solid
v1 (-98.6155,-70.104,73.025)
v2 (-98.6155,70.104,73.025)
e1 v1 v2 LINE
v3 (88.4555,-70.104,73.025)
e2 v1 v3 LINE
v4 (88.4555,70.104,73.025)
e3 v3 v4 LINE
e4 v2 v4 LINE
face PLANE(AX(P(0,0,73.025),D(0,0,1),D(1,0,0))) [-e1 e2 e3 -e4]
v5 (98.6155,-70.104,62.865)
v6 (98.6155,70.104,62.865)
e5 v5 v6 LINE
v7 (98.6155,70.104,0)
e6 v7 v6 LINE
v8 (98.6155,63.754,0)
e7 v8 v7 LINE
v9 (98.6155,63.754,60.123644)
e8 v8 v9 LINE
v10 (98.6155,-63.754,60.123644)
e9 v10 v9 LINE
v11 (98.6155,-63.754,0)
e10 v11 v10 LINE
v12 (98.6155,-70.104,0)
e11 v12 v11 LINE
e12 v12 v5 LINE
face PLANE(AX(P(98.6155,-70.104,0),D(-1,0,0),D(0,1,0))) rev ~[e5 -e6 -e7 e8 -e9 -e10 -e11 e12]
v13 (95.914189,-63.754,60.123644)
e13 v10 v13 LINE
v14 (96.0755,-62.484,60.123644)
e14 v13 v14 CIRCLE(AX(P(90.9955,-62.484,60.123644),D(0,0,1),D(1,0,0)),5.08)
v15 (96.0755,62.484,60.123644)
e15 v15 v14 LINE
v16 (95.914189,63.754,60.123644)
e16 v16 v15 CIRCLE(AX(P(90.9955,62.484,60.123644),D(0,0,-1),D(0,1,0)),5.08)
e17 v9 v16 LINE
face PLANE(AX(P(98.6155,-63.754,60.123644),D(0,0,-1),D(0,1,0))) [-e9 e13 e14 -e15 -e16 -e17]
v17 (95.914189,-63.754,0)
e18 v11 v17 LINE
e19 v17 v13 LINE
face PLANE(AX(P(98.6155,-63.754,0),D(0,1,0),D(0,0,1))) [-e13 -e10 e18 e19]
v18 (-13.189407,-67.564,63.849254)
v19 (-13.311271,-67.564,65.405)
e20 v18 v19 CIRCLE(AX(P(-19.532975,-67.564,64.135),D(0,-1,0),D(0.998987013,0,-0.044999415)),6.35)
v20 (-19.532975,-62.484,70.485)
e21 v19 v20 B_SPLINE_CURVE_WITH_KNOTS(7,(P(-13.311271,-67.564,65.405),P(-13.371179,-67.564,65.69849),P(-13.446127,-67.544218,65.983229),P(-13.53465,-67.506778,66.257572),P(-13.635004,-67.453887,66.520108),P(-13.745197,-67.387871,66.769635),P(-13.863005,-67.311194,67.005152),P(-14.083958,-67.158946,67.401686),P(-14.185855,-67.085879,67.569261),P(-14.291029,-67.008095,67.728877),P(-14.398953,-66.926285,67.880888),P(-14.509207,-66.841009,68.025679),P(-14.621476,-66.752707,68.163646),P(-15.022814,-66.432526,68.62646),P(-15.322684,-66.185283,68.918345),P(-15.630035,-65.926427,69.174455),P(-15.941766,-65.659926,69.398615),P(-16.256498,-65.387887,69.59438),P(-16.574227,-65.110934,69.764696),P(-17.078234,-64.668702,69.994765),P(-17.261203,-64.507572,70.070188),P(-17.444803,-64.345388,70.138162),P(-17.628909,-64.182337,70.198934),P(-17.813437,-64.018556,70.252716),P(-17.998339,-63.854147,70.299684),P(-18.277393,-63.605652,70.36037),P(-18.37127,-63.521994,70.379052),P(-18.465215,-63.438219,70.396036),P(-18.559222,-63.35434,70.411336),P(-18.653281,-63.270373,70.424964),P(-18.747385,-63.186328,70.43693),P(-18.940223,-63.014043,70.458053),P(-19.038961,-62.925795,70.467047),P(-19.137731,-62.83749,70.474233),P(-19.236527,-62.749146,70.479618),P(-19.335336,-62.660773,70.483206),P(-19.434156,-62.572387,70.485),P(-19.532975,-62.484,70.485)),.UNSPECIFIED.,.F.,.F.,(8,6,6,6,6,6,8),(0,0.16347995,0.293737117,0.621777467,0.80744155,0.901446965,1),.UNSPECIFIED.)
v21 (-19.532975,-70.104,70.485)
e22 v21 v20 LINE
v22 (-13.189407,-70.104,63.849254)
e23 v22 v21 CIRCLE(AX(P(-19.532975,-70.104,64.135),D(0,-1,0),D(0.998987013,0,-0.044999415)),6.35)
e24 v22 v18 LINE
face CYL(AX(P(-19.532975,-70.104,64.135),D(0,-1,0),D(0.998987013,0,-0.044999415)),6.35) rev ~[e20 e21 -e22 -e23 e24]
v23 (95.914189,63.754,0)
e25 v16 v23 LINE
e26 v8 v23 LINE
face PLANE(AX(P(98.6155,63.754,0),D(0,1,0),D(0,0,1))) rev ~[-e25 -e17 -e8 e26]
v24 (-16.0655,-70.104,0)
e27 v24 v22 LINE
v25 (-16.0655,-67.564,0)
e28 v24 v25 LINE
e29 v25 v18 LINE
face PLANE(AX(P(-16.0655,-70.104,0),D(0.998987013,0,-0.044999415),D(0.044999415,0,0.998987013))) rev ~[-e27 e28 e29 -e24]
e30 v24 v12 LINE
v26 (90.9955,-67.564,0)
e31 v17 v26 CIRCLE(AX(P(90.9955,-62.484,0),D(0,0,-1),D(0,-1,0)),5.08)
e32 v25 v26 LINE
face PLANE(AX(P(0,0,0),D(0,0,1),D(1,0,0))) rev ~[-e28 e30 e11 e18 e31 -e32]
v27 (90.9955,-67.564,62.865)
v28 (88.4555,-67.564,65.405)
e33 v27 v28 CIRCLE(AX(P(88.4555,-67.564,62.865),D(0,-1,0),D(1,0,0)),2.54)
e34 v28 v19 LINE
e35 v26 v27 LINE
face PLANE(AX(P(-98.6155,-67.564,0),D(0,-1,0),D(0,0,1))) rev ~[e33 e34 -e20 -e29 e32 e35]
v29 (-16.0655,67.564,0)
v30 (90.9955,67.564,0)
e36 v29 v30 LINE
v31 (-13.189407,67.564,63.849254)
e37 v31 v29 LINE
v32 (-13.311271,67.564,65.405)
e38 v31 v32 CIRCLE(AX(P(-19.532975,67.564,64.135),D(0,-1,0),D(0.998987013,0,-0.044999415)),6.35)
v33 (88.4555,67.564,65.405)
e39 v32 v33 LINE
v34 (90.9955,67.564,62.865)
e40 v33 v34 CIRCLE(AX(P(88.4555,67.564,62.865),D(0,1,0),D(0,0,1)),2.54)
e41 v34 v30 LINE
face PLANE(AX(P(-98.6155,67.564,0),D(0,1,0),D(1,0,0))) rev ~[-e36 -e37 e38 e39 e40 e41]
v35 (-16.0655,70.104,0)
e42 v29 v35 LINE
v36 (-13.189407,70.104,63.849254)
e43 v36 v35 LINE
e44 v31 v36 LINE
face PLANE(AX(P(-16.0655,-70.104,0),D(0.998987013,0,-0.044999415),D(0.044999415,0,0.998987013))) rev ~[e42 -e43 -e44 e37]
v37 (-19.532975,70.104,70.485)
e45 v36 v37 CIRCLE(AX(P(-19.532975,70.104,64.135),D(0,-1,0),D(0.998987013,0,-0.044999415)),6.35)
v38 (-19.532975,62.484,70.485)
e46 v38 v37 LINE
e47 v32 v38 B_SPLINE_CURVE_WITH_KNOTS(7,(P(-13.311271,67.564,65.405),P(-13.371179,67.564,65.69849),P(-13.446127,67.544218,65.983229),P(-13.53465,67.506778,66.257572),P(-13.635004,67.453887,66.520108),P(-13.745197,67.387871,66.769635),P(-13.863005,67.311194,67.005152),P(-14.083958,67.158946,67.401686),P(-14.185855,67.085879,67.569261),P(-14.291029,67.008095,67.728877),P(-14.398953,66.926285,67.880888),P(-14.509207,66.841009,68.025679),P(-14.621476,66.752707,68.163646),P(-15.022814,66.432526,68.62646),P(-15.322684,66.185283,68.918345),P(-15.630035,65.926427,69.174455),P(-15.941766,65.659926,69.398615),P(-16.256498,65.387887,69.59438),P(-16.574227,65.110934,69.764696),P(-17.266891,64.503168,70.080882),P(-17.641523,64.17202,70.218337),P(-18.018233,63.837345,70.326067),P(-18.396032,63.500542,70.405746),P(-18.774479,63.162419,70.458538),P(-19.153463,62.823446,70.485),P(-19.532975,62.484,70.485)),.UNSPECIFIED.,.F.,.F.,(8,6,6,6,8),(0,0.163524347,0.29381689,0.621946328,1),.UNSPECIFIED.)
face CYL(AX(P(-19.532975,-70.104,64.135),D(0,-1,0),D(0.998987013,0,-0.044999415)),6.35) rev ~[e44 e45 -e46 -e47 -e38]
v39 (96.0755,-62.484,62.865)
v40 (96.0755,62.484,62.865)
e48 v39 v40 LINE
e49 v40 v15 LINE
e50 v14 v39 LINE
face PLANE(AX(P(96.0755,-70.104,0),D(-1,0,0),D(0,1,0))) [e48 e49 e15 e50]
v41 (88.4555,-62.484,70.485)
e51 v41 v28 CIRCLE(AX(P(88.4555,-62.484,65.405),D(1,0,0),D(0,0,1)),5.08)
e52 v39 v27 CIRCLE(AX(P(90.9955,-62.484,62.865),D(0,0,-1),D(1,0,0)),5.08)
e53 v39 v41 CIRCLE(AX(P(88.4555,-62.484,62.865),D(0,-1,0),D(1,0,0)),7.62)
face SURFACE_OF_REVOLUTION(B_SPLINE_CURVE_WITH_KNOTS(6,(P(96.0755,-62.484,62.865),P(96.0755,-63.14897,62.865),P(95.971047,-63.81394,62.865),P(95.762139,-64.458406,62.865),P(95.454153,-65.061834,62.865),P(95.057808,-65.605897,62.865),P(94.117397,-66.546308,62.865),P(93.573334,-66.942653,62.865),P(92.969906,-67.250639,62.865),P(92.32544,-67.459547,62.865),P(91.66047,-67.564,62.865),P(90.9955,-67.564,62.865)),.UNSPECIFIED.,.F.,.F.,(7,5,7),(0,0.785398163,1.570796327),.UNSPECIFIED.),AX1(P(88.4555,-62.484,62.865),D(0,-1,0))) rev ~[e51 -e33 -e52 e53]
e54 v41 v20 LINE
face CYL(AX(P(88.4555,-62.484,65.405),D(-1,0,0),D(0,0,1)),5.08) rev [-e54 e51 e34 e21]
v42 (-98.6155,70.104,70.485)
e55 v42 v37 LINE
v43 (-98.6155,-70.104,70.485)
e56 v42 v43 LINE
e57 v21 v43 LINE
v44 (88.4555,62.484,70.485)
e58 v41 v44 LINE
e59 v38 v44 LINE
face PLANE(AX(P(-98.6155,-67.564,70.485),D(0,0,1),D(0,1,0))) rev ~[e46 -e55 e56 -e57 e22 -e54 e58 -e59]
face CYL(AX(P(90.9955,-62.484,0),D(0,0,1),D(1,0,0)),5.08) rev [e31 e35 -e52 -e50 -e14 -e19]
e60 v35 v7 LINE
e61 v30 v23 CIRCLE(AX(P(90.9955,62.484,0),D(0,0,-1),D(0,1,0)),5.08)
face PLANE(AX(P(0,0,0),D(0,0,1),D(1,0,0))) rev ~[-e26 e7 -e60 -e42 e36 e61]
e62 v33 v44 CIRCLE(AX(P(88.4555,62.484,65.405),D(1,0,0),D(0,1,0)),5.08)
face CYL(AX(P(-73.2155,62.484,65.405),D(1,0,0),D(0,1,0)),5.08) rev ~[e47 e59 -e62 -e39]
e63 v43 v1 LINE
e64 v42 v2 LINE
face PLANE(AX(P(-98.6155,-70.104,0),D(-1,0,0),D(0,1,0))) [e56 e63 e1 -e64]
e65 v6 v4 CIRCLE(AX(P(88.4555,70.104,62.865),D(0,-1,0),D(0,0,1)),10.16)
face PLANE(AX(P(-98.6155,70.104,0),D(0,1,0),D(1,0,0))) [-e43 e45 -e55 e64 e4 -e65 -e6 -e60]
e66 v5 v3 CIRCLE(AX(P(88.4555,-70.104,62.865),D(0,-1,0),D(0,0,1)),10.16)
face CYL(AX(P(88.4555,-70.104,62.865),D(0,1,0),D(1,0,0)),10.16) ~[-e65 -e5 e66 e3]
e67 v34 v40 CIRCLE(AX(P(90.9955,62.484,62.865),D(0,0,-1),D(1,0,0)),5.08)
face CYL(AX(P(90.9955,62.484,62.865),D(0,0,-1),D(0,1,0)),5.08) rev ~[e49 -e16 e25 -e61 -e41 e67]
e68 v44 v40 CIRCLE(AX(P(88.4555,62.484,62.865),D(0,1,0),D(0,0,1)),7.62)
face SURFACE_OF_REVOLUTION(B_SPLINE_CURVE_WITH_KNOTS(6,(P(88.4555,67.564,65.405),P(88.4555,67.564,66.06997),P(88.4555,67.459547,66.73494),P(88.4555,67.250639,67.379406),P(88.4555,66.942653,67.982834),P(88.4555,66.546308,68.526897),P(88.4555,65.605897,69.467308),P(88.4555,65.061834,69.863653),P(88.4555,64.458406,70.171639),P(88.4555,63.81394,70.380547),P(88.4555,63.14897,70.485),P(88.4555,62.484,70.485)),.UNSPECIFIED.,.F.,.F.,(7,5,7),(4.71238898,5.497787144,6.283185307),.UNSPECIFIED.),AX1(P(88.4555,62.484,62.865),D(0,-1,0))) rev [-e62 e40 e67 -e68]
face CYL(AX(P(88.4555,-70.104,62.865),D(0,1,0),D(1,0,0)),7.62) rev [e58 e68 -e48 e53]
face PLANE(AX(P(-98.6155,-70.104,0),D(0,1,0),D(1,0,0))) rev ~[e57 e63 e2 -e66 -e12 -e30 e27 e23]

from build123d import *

# Parameters (mm, degrees)
F0_W      = 197.231
F0_H      = 140.208
F1_DEPTH  = 73.025
F2_R      = 10.16
F3_T      = -2.54
F4_W      = 11.0265567622
F4_H      = 70.485
F4_W_2    = 137.668
F5_DEPTH  = 25.4
F6_R      = 5.08
F7_W      = 127.508
F7_H      = 60.1236441541
F8_DEPTH  = 25.4
F10_DEPTH = 254


with BuildPart() as f1:
    # F0 (on Top) → F1 (new body)
    with BuildSketch(Plane.XY):
        Rectangle(F0_W, F0_H)
    extrude(amount=F1_DEPTH)

    # F2
    f2_edges = [f1.edges().sort_by_distance(p)[0] for p in [
        (98.6155, 0, 73.025),
    ]]
    fillet(f2_edges, radius=F2_R)

    # F3
    f3_openings = [f1.faces().sort_by_distance(p)[0] for p in [
        (0, 0, 0),
    ]]
    offset(amount=F3_T, openings=f3_openings)

    # F4 (on face) → F5 (cut)
    with BuildSketch(Plane(origin=(-98.6155, 0, 0), x_dir=(0, -1, 0), z_dir=(-1, 0, 0))):
        with Locations((-75.6172783811, 35.2425)):
            Rectangle(F4_W, F4_H)
        with Locations((-1.27, 35.2425)):
            Rectangle(F4_W_2, F4_H)
    extrude(amount=-F5_DEPTH, mode=Mode.SUBTRACT)

    # F6
    f6_edges = [f1.edges().sort_by_distance(p)[0] for p in [
        (96.0755, -67.564, 31.4325),
        (96.0755, 67.564, 31.4325),
    ]]
    fillet(f6_edges, radius=F6_R)

    # F7 (on face) → F8 (cut)
    with BuildSketch(Plane.YZ.offset(98.6155)):
        with Locations((0, 30.061822077)):
            Rectangle(F7_W, F7_H)
    extrude(amount=-F8_DEPTH, mode=Mode.SUBTRACT)

    # F9 (on face) → F10 (cut)
    with BuildSketch(Plane.XZ.offset(70.104)):
        with BuildLine():
            Line((-98.6155, 70.485), (-98.6155, 0))
            Line((-98.6155, 0), (-16.0655, 0))
            Line((-16.0655, 0), (-13.1894074903, 63.8492537147))
            ThreePointArc((-13.1894074903, 63.8492537147), (-14.9429320556, 68.5229386441), (-19.5329750245, 70.485))
            Line((-19.5329750245, 70.485), (-98.6155, 70.485))
        make_face()
    extrude(amount=-F10_DEPTH, mode=Mode.SUBTRACT)


solid = f1.part
